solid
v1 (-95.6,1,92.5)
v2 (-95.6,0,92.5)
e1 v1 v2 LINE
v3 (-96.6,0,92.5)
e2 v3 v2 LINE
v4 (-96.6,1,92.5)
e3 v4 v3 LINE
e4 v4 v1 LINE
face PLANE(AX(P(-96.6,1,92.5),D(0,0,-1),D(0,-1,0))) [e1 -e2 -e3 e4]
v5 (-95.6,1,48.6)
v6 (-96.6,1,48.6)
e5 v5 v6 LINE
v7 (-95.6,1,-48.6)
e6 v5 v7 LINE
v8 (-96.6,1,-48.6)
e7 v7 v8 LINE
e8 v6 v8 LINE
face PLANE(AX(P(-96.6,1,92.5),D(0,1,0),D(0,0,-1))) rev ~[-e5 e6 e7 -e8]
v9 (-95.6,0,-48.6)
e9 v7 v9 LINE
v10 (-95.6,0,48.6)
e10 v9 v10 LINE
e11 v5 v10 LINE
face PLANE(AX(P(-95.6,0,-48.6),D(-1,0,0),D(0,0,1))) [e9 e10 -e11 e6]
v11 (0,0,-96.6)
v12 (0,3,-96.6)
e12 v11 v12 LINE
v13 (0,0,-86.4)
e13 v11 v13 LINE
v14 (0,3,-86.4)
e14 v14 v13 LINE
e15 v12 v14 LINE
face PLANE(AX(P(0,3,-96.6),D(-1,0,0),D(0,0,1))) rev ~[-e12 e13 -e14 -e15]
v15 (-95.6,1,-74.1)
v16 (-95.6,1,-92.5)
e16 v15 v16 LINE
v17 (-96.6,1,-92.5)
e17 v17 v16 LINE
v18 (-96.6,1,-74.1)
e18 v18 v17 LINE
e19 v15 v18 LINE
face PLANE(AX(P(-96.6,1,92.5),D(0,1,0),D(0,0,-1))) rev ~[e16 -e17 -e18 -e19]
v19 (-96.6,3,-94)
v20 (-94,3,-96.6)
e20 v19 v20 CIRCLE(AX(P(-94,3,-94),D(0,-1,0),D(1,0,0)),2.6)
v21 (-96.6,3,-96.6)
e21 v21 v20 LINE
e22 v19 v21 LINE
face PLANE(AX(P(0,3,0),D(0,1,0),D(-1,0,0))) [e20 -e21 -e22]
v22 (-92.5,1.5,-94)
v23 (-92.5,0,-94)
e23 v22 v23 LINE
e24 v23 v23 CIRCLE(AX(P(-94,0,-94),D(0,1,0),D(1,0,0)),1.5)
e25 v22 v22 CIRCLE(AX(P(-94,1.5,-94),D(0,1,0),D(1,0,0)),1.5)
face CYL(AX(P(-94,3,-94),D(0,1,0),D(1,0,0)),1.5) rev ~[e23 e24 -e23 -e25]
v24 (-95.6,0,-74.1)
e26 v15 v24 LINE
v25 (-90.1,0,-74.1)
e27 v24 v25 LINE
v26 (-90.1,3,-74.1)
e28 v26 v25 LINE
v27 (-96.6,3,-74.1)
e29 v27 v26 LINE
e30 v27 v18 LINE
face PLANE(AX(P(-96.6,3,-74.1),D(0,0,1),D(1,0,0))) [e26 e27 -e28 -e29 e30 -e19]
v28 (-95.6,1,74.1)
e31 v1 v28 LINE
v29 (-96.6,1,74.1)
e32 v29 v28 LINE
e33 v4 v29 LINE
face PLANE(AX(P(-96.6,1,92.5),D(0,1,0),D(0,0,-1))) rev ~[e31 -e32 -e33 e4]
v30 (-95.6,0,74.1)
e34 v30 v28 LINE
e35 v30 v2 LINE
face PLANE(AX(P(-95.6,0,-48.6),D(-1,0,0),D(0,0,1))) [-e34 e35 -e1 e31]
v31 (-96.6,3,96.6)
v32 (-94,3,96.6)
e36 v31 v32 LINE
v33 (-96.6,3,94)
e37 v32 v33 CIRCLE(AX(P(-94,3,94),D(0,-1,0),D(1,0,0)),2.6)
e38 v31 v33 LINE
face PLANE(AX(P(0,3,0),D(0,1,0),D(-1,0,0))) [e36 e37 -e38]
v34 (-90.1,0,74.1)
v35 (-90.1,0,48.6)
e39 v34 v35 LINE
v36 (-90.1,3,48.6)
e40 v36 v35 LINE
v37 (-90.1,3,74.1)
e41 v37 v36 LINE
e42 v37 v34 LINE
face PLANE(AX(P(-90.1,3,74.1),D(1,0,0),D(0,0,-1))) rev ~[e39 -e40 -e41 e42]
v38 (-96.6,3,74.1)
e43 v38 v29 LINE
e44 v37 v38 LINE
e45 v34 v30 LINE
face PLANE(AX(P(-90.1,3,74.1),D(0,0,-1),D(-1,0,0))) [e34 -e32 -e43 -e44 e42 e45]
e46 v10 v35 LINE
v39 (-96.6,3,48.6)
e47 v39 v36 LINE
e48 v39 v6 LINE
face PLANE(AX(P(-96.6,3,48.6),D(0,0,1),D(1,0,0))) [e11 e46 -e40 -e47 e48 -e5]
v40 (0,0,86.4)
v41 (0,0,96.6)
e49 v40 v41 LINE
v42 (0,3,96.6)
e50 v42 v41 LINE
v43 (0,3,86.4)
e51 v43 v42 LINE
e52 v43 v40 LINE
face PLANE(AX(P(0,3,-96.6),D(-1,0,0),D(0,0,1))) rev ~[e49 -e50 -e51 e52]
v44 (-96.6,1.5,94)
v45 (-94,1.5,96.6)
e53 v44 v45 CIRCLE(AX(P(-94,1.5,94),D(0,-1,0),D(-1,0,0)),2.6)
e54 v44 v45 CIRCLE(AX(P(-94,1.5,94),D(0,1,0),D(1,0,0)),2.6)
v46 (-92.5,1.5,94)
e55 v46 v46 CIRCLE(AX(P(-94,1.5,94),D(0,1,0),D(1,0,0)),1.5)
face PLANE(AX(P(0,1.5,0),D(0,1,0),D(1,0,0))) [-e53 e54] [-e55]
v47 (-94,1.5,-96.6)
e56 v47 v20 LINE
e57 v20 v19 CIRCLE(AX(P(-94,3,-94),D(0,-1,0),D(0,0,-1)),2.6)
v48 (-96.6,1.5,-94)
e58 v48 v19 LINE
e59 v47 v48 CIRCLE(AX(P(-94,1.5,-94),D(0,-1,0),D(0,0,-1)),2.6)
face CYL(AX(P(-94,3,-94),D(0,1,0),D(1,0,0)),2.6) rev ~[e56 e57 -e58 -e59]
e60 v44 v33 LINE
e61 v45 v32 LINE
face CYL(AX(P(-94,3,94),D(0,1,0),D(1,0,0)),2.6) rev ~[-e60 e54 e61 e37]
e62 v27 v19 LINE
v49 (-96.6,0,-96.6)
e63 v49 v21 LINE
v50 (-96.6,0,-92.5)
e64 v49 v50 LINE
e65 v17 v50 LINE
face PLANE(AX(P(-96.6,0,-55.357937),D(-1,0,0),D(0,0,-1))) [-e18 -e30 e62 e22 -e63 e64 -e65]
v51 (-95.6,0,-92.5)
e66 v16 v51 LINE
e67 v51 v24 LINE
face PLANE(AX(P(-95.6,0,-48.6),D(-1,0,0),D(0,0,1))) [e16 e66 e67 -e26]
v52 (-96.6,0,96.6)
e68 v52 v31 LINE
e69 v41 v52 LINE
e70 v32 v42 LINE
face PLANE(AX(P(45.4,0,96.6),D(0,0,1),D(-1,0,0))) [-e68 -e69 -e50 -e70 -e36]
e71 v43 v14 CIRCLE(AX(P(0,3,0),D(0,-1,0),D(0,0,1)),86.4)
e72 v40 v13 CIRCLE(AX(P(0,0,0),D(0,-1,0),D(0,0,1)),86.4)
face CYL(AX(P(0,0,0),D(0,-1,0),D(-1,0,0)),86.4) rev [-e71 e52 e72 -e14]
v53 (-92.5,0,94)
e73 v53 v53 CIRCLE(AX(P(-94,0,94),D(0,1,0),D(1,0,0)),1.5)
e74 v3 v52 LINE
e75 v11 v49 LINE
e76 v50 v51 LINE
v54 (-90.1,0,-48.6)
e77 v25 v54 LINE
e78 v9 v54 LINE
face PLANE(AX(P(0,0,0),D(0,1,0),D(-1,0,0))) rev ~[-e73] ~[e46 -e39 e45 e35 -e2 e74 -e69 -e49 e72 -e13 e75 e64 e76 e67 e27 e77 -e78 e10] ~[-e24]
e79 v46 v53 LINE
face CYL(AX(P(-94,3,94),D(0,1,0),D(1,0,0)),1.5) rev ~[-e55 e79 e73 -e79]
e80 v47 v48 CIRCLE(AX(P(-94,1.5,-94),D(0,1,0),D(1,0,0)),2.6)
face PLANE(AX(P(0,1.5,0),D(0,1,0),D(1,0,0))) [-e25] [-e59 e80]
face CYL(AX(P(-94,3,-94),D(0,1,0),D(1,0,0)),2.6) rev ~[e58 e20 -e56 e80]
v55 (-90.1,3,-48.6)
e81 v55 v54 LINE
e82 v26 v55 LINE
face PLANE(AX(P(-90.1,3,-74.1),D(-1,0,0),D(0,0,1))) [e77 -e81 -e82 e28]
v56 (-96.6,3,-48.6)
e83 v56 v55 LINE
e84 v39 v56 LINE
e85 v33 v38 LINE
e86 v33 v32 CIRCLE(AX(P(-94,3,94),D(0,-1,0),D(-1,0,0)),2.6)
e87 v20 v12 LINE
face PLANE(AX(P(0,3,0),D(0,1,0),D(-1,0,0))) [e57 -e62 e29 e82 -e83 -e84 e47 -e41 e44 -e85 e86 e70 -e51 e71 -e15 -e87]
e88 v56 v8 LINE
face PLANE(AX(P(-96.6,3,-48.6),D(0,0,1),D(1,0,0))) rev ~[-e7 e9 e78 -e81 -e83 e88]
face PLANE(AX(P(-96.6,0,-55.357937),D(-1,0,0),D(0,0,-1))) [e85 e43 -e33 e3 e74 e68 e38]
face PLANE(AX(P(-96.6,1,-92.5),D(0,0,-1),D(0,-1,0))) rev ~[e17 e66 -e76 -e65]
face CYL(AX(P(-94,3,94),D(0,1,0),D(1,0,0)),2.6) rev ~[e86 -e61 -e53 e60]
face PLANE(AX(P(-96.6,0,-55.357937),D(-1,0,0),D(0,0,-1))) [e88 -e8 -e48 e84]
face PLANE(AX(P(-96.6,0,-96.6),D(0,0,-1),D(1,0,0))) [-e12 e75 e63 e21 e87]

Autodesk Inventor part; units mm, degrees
ref_plane "YZ Plane" through (0, 0, 0) normal (1, 0, 0) x (0, 1, 0)
ref_plane "XZ Plane" through (0, 0, 0) normal (0, 1, 0) x (-1, 0, 0)
ref_plane "XY Plane" through (0, 0, 0) normal (0, 0, 1) x (1, 0, 0)
sketch "Sketch1" plane through (0, 0, 0) normal (0, 1, 0) x (-1, 0, 0)
  line L0 (101.6, -101.6) -> (-101.6, -101.6)
  line L1 (-101.6, -101.6) -> (-101.6, 101.6)
  line L2 (-101.6, 101.6) -> (101.6, 101.6)
  line L3 (101.6, 101.6) -> (101.6, -101.6)
  line L4 (96.6, -96.6) -> (-96.6, -96.6)
  line L5 (-96.6, -96.6) -> (-96.6, 96.6)
  line L6 (-96.6, 96.6) -> (96.6, 96.6)
  line L7 (96.6, 96.6) -> (96.6, -96.6)
  line L8 (101.6, 101.6) -> (-40.4, 101.6)
  circle A0 centre (0, 0) radius 86.4
  circle A1 centre (0, 0) radius 109.3376
  line L9 (-40.4, 101.6) -> (-101.6, 40.4)
  line L10 (-45.4, 101.6) -> (-101.6, 45.4)
  line L11 (96.6, 96.6) -> (96.6, 101.6)
  line L12 (-45.4, 101.6) -> (-35.4, 101.6)
  line L13 (-35.4, 101.6) -> (-35.4, 96.6)
  line L14 (-35.4, 96.6) -> (-45.4, 96.6)
  line L15 (-45.4, 96.6) -> (-45.4, 101.6)
  circle A2 centre (0, 0) radius 111.3376
  point P0 (96.6, 51.2168)
  point P1 (101.6, 40.4)
  point P2 (101.6, -40.4)
  point P3 (96.6, -51.2168)
  point P4 (-96.6, 45.4)
  point P5 (-45.4, 96.6)
  dimension "d0" = 203.2
  dimension "d1" = 203.2
  dimension "d2" = 101.6
  dimension "d3" = 101.6
  dimension "d4" = 5
  dimension "d5" = 5
  dimension "d6" = 5
  dimension "d7" = 5
  dimension "d10" = 142
  dimension "d12" = 61.2
  dimension "d14" = 172.8
  dimension "d15" = 5
  dimension "d16" = 5
  dimension "d17" = 10
  dimension "d34" = 2
extrude "Extrusion1" add sketch "Sketch1" along normal blind 3 contours A2 L7 L4 | L4 A1 L7 A2 | L4 A1 L5 L9 L6 L7 | A2 L5 A1 L4 | L4 L5 A2 | A1 L6 A2 L7 | A2 L6 L7
sketch "Sketch5" plane through (0, 3, 0) normal (0, 1, 0) x (1, 0, 0)
  line L0 (-96.6, -96.6) -> (45.4, -96.6) projected
  circle A0 centre (0, 0) radius 86.4 projected
  line L1 (96.6, -45.4) -> (96.6, 96.6) projected
  line L2 (96.6, 0) -> (89.1, 0)
  line L3 (89.1, 0) -> (89.1, 10)
  line L4 (89.1, 10) -> (96.6, 10)
  line L5 (96.6, 10) -> (96.6, 0)
  line L6 (89.1, 0) -> (96.6, 0)
  line L7 (96.6, 0) -> (96.6, -10)
  line L8 (96.6, -10) -> (89.1, -10)
  line L9 (89.1, -10) -> (89.1, 0)
  line L10 (0, 0) -> (96.6, 0)
  point P0 (10, -96.6)
  dimension "d52" = 7.5
  dimension "d53" = 7.5
  dimension "d54" = 10
  dimension "d55" = 10
extrude "Extrusion4" add sketch "Sketch5" along normal blind 15 contours L3 L4 L1 L2 | L2 L1 L8 L9
sketch "Sketch7" plane through (89.1, 3, 10) normal (0, 0, 1) x (1, 0, 0)
  line L0 (2, 10) -> (5.5, 10)
  line L1 (5.5, 10) -> (5.5, 3)
  line L2 (5.5, 3) -> (2, 3)
  line L3 (2, 3) -> (2, 10)
  line L4 (7.5, 0) -> (7.5, 15)
  line L5 (0, 0) -> (0, 15)
  line L6 (0, 15) -> (7.5, 15)
  point P0 (-89.1, -3)
  dimension "d56" = 3.5
  dimension "d57" = 2
  dimension "d58" = 2
  dimension "d59" = 5
  dimension "d60" = 7
extrude "Extrusion6" cut sketch "Sketch7" against normal through all
fillet "Fillet7" radius 3.175 2 edges at (96.6, 18, 0) (89.1, 18, 0)
sketch "Sketch8" plane through (0, 3, 0) normal (0, 1, 0) x (1, 0, 0)
  arc A0 (-101.6, -98.425) -> (-98.425, -101.6) centre (-98.425, -98.425) ccw
  line L0 (44.0849, 101.6) -> (-98.425, 101.6)
  line L1 (-101.6, 98.425) -> (-101.6, -98.425)
  line L2 (-101.6, -46.1) -> (-101.6, -76.6)
  line L3 (-96.6, -96.6) -> (-96.6, 96.6)
  line L4 (-96.6, -46.1) -> (-96.6, -76.6)
  line L5 (-101.6, -76.6) -> (-96.6, -76.6)
  line L6 (-101.6, -46.1) -> (-96.6, -46.1)
  line L7 (-98.425, -101.6) -> (101.6, -101.6)
  line L8 (0, 0) -> (-101.6, 0)
  line L9 (-101.6, 46.1) -> (-101.6, 76.6)
  line L10 (-96.6, 46.1) -> (-96.6, 76.6)
  line L11 (-101.6, 76.6) -> (-96.6, 76.6)
  line L12 (-101.6, 46.1) -> (-96.6, 46.1)
  line L13 (-96.6, -76.6) -> (-90.1, -76.6)
  line L14 (-90.1, -76.6) -> (-90.1, -46.1)
  line L15 (-90.1, -46.1) -> (-96.6, -46.1)
  line L16 (-96.6, -46.1) -> (-96.6, -76.6)
  arc A1 (-98.425, 101.6) -> (-101.6, 98.425) centre (-98.425, 98.425) ccw
  line L17 (-101.6, 46.1) -> (-101.6, 76.6)
  line L18 (-96.6, 46.1) -> (-96.6, 76.6)
  line L19 (-101.6, 76.6) -> (-96.6, 76.6)
  line L20 (-101.6, 46.1) -> (-96.6, 46.1)
  line L21 (-96.6, 76.6) -> (-90.1, 76.6)
  line L22 (-90.1, 76.6) -> (-90.1, 46.1)
  line L23 (-90.1, 46.1) -> (-96.6, 46.1)
  line L24 (-96.6, 46.1) -> (-96.6, 76.6)
  line L25 (-96.6, -76.6) -> (-101.6, -76.6)
  line L26 (-101.6, -76.6) -> (-101.6, -74.1)
  line L27 (-101.6, -74.1) -> (-96.6, -74.1)
  line L28 (-96.6, -74.1) -> (-96.6, -76.6)
  line L29 (-96.6, -46.1) -> (-101.6, -46.1)
  line L30 (-101.6, -46.1) -> (-101.6, -48.6)
  line L31 (-101.6, -48.6) -> (-96.6, -48.6)
  line L32 (-96.6, -48.6) -> (-96.6, -46.1)
  line L33 (-96.6, -76.6) -> (-90.1, -76.6)
  line L34 (-90.1, -76.6) -> (-90.1, -74.1)
  line L35 (-90.1, -74.1) -> (-96.6, -74.1)
  line L36 (-96.6, -74.1) -> (-96.6, -76.6)
  line L37 (-96.6, -48.6) -> (-90.1, -48.6)
  line L38 (-90.1, -48.6) -> (-90.1, -46.1)
  line L39 (-90.1, -46.1) -> (-96.6, -46.1)
  line L40 (-96.6, -46.1) -> (-96.6, -48.6)
  line L41 (-96.6, 96.6) -> (-96.6, -96.6) projected
  line L42 (-90.1, 46.1) -> (-96.6, 46.1)
  line L43 (-96.6, 46.1) -> (-96.6, 48.6)
  line L44 (-96.6, 48.6) -> (-90.1, 48.6)
  line L45 (-90.1, 48.6) -> (-90.1, 46.1)
  line L46 (-90.1, 76.6) -> (-96.6, 76.6)
  line L47 (-96.6, 76.6) -> (-96.6, 74.1)
  line L48 (-96.6, 74.1) -> (-90.1, 74.1)
  line L49 (-90.1, 74.1) -> (-90.1, 76.6)
  point P0 (-98.425, 98.425)
  point P1 (46.1, 101.6)
  point P2 (46.1, 96.6)
  point P3 (76.6, 96.6)
  point P4 (76.6, 101.6)
  point P5 (-46.1, 96.6)
  dimension "d64" = 30.5
  dimension "d65" = 25
  dimension "d66" = 6.5
  dimension "d118" = 2.5
  dimension "d119" = 2.5
  dimension "d120" = 2.5
  dimension "d121" = 2.5
extrude "Extrusion7" cut sketch "Sketch8" against normal through all contours L48 L22 L44 L3 | L37 L14 L35 L3
sketch "Sketch11" plane through (0, 3, 0) normal (0, 1, 0) x (1, 0, 0)
  line L0 (-94, 94) -> (94, 94)
  line L1 (94, 94) -> (94, -94)
  line L2 (94, -94) -> (-94, -94)
  line L3 (-94, -94) -> (-94, 94)
  circle A0 centre (-94, 94) radius 1.5
  circle A1 centre (94, 94) radius 1.5
  circle A2 centre (-94, -94) radius 1.5
  circle A3 centre (94, -39.0849) radius 1.5
  point P0 (0, 0)
  point P1 (0, 0)
  dimension "d98" = 94
  dimension "d99" = 94
  dimension "d100" = 94
  dimension "d101" = 94
  dimension "d102" = 3
  dimension "d103" = 3
  dimension "d104" = 3
  dimension "d105" = 3
extrude "Extrusion8" cut sketch "Sketch11" against normal blind 10 contours L3 A0 L0 | L0 A0 L3 | A1 L1 L0 | L0 L1 A1 | A2 L2 L3 | L3 L2 A2 | A3 L1 | L1 A3
sketch "Sketch12" plane through (0, 3, 0) normal (0, 1, 0) x (1, 0, 0)
  line L0 (-94, 94) -> (94, 94)
  line L1 (94, 94) -> (94, -94)
  line L2 (94, -94) -> (-94, -94)
  line L3 (-94, -94) -> (-94, 94)
  circle A0 centre (-94, 94) radius 2.6
  circle A1 centre (94, 94) radius 2.6
  circle A2 centre (-94, -94) radius 2.6
  circle A3 centre (94, -39.0849) radius 2.6
  point P0 (0, 0)
  point P1 (0, 0)
  point P2 (0, 0)
  dimension "d108" = 94
  dimension "d109" = 94
  dimension "d110" = 94
  dimension "d111" = 94
  dimension "d112" = 5.2
  dimension "d113" = 5.2
  dimension "d114" = 5.2
  dimension "d115" = 5.2
extrude "Extrusion9" cut sketch "Sketch12" against normal blind 1.5 contours L3 A0 L0 | L0 A0 L3 | A1 L1 L0 | L0 L1 A1 | A2 L2 L3 | L3 L2 A2 | A3 L1 | L1 A3
sketch "Sketch13" plane through (0, 3, 0) normal (0, 1, 0) x (1, 0, 0)
  line L0 (94, 96.6) -> (-94, 96.6) projected
  line L1 (0, 96.6) -> (0, -96.6)
  line L2 (-96.6, -96.6) -> (45.4, -96.6) projected
  point P0 (0, 0)
ref_plane "Work Plane1" through (0, 3, -96.6) normal (-1, 0, 0) x (0, 0, 1)
sketch "Sketch14" plane through (0, 3, -96.6) normal (-1, 0, 0) x (0, 0, 1)
  line L0 (208.9015, 36.251) -> (-17.5186, 36.251)
  line L1 (-17.5186, 36.251) -> (-17.5186, -18.9911)
  line L2 (-17.5186, -18.9911) -> (208.9015, -18.9911)
  line L3 (208.9015, -18.9911) -> (208.9015, 36.251)
  point P0 (96.6, -3)
extrude "Extrusion10" cut sketch "Sketch14" against normal through all
sketch "Sketch15" plane through (-96.6, 0, -48.6) normal (-1, 0, 0) x (0, 0, 1)
  line L0 (-43.9, 0) -> (-46.9, 0) projected
  line L1 (141.1, 1.5) -> (141.1, 0) projected
  line L2 (-43.9, 0) -> (141.1, 0)
  line L3 (141.1, 0) -> (141.1, 1)
  line L4 (141.1, 1) -> (-43.9, 1)
  line L5 (-43.9, 1) -> (-43.9, 0)
  point P0 (48.6, 0)
  dimension "d125" = 1
extrude "Extrusion11" cut sketch "Sketch15" against normal blind 1
equation "\"d1\" = d0"
equation "\"d2\" = 0.5 * d0"
equation "\"d3\" = 0.5 * d0"
properties part number "Box_Walls_2"
